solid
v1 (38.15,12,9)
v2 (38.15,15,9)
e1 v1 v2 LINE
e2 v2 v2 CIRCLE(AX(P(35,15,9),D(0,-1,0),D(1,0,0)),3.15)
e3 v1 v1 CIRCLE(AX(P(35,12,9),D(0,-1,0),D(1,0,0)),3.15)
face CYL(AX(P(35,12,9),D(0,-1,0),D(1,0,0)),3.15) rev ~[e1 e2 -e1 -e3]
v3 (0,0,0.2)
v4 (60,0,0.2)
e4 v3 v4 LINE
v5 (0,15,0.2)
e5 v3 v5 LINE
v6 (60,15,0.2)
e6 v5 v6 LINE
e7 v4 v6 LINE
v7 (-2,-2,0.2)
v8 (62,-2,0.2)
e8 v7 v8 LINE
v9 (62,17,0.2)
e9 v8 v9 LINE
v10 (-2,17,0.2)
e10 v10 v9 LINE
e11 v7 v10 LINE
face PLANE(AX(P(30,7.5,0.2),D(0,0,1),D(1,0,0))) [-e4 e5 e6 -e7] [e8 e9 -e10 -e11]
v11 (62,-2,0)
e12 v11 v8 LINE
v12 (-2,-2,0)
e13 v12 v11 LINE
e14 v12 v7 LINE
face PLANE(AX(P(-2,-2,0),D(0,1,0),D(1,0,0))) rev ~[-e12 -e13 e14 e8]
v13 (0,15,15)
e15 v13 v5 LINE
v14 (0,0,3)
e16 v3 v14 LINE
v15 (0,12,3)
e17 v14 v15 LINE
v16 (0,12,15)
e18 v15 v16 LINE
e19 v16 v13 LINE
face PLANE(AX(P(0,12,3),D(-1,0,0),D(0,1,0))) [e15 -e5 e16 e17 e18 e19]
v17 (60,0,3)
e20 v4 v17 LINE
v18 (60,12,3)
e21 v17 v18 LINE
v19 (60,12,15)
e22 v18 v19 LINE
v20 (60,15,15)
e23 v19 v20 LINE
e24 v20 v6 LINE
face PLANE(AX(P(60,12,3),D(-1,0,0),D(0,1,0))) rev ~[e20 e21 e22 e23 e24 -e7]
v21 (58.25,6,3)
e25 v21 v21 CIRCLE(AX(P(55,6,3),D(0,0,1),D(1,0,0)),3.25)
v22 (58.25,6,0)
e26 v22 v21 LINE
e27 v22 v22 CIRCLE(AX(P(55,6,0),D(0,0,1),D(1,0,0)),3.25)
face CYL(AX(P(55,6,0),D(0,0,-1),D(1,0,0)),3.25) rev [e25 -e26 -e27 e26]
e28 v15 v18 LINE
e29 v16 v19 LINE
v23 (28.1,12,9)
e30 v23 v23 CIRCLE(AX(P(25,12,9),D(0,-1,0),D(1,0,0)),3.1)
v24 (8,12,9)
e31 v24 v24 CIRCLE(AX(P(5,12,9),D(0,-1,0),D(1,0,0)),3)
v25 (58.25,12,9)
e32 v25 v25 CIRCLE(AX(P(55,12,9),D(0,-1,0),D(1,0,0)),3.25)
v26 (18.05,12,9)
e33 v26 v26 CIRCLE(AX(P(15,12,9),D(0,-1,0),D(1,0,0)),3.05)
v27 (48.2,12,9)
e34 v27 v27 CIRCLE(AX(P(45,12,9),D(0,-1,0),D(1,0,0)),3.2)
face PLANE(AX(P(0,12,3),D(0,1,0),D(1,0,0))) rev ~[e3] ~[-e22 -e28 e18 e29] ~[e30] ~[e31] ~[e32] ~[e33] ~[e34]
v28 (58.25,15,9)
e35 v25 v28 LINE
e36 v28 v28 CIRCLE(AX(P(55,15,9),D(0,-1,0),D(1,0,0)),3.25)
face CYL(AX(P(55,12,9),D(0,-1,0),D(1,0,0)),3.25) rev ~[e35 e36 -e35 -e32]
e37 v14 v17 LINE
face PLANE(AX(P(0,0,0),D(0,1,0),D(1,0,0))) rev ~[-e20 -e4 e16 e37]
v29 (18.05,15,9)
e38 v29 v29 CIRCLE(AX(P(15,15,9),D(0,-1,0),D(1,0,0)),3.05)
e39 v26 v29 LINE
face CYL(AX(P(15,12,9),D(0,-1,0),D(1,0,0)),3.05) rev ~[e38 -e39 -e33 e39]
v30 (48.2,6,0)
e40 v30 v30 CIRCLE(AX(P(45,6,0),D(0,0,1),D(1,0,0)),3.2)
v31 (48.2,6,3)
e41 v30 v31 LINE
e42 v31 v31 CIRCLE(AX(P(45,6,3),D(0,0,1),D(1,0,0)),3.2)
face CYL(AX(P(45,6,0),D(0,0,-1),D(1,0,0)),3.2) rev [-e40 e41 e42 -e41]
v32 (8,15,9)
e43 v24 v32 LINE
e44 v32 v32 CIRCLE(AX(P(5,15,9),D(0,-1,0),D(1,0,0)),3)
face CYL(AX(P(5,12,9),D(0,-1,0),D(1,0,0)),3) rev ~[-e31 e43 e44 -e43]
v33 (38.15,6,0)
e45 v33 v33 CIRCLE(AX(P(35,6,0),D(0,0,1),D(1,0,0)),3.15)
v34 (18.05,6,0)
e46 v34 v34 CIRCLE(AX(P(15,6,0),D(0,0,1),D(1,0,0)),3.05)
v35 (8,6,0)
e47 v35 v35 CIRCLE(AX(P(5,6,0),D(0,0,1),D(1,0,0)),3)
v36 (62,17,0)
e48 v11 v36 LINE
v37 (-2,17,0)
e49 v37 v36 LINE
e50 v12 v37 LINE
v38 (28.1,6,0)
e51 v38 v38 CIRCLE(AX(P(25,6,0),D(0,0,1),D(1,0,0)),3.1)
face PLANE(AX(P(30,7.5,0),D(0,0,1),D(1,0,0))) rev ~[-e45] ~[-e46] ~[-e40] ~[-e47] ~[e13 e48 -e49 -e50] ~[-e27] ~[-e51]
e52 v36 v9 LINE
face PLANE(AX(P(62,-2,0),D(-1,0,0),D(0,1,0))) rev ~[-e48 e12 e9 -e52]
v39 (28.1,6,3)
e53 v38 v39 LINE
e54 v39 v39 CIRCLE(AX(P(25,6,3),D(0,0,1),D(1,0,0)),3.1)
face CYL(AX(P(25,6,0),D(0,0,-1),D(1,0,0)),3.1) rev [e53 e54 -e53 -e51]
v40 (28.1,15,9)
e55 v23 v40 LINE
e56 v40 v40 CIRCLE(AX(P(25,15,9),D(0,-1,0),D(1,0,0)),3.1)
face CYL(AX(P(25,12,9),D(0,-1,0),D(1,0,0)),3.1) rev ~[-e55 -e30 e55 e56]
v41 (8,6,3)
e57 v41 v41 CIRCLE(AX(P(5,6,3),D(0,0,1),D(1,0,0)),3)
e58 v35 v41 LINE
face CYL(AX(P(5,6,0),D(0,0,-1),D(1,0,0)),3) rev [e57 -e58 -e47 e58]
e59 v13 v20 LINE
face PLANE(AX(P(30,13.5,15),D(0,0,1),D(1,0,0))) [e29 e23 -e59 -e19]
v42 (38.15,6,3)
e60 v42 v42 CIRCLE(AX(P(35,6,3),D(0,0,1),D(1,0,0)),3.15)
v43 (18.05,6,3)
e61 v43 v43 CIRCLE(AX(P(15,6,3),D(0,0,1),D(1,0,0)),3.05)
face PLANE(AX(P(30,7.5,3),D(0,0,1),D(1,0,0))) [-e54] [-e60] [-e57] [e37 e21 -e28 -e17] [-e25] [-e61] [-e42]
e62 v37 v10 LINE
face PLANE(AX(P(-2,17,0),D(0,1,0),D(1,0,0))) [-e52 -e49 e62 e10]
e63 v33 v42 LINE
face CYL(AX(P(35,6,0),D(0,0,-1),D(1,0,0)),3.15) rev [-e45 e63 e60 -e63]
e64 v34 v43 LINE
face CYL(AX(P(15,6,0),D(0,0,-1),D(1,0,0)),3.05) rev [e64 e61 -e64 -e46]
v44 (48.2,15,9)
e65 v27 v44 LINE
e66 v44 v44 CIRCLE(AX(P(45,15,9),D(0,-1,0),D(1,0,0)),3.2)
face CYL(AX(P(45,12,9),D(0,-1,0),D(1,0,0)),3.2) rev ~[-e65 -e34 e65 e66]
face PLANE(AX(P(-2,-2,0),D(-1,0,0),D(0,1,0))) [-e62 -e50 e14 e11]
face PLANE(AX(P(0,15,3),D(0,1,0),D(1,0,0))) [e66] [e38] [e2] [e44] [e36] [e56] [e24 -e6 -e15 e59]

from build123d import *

# Parameters (mm, degrees)
F0_W     = 60
F0_H     = 15
F0_R     = 3
F0_R_2   = 3.05
F0_R_3   = 3.1
F0_R_4   = 3.15
F0_R_5   = 3.2
F0_R_6   = 3.25
F1_DEPTH = 3
F2_W     = 64
F2_H     = 19
F2_W_2   = 60
F2_H_2   = 15
F3_DEPTH = 0.2
F4_W     = 60
F4_H     = 3
F5_DEPTH = 12
F6_R     = 3
F6_R_2   = 3.05
F6_R_3   = 3.1
F6_R_4   = 3.15
F6_R_5   = 3.2
F6_R_6   = 3.25
F7_DEPTH = 3


with BuildPart() as f1:
    # F0 (on Top) → F1 (new body)
    with BuildSketch(Plane.XY):
        with Locations((30, 7.5)):
            Rectangle(F0_W, F0_H)
        with Locations((5, 6)):
            Circle(F0_R, mode=Mode.SUBTRACT)
        with Locations((15, 6)):
            Circle(F0_R_2, mode=Mode.SUBTRACT)
        with Locations((25, 6)):
            Circle(F0_R_3, mode=Mode.SUBTRACT)
        with Locations((35, 6)):
            Circle(F0_R_4, mode=Mode.SUBTRACT)
        with Locations((45, 6)):
            Circle(F0_R_5, mode=Mode.SUBTRACT)
        with Locations((55, 6)):
            Circle(F0_R_6, mode=Mode.SUBTRACT)
    extrude(amount=F1_DEPTH)

    # F2 (on Top) → F3 (join)
    with BuildSketch(Plane.XY):
        with Locations((30, 7.5)):
            Rectangle(F2_W, F2_H)
        with Locations((30, 7.5)):
            Rectangle(F2_W_2, F2_H_2, mode=Mode.SUBTRACT)
    extrude(amount=F3_DEPTH)

    # F4 (on face) → F5 (join)
    with BuildSketch(Plane.XY.offset(3)):
        with Locations((30, 13.5)):
            Rectangle(F4_W, F4_H)
    extrude(amount=F5_DEPTH)

    # F6 (on face) → F7 (cut, through all)
    with BuildSketch(Plane.XZ.offset(-12)):
        with Locations((5, 9)):
            Circle(F6_R)
        with Locations((15, 9)):
            Circle(F6_R_2)
        with Locations((25, 9)):
            Circle(F6_R_3)
        with Locations((35, 9)):
            Circle(F6_R_4)
        with Locations((45, 9)):
            Circle(F6_R_5)
        with Locations((55, 9)):
            Circle(F6_R_6)
    extrude(amount=-F7_DEPTH, mode=Mode.SUBTRACT)


solid = f1.part
